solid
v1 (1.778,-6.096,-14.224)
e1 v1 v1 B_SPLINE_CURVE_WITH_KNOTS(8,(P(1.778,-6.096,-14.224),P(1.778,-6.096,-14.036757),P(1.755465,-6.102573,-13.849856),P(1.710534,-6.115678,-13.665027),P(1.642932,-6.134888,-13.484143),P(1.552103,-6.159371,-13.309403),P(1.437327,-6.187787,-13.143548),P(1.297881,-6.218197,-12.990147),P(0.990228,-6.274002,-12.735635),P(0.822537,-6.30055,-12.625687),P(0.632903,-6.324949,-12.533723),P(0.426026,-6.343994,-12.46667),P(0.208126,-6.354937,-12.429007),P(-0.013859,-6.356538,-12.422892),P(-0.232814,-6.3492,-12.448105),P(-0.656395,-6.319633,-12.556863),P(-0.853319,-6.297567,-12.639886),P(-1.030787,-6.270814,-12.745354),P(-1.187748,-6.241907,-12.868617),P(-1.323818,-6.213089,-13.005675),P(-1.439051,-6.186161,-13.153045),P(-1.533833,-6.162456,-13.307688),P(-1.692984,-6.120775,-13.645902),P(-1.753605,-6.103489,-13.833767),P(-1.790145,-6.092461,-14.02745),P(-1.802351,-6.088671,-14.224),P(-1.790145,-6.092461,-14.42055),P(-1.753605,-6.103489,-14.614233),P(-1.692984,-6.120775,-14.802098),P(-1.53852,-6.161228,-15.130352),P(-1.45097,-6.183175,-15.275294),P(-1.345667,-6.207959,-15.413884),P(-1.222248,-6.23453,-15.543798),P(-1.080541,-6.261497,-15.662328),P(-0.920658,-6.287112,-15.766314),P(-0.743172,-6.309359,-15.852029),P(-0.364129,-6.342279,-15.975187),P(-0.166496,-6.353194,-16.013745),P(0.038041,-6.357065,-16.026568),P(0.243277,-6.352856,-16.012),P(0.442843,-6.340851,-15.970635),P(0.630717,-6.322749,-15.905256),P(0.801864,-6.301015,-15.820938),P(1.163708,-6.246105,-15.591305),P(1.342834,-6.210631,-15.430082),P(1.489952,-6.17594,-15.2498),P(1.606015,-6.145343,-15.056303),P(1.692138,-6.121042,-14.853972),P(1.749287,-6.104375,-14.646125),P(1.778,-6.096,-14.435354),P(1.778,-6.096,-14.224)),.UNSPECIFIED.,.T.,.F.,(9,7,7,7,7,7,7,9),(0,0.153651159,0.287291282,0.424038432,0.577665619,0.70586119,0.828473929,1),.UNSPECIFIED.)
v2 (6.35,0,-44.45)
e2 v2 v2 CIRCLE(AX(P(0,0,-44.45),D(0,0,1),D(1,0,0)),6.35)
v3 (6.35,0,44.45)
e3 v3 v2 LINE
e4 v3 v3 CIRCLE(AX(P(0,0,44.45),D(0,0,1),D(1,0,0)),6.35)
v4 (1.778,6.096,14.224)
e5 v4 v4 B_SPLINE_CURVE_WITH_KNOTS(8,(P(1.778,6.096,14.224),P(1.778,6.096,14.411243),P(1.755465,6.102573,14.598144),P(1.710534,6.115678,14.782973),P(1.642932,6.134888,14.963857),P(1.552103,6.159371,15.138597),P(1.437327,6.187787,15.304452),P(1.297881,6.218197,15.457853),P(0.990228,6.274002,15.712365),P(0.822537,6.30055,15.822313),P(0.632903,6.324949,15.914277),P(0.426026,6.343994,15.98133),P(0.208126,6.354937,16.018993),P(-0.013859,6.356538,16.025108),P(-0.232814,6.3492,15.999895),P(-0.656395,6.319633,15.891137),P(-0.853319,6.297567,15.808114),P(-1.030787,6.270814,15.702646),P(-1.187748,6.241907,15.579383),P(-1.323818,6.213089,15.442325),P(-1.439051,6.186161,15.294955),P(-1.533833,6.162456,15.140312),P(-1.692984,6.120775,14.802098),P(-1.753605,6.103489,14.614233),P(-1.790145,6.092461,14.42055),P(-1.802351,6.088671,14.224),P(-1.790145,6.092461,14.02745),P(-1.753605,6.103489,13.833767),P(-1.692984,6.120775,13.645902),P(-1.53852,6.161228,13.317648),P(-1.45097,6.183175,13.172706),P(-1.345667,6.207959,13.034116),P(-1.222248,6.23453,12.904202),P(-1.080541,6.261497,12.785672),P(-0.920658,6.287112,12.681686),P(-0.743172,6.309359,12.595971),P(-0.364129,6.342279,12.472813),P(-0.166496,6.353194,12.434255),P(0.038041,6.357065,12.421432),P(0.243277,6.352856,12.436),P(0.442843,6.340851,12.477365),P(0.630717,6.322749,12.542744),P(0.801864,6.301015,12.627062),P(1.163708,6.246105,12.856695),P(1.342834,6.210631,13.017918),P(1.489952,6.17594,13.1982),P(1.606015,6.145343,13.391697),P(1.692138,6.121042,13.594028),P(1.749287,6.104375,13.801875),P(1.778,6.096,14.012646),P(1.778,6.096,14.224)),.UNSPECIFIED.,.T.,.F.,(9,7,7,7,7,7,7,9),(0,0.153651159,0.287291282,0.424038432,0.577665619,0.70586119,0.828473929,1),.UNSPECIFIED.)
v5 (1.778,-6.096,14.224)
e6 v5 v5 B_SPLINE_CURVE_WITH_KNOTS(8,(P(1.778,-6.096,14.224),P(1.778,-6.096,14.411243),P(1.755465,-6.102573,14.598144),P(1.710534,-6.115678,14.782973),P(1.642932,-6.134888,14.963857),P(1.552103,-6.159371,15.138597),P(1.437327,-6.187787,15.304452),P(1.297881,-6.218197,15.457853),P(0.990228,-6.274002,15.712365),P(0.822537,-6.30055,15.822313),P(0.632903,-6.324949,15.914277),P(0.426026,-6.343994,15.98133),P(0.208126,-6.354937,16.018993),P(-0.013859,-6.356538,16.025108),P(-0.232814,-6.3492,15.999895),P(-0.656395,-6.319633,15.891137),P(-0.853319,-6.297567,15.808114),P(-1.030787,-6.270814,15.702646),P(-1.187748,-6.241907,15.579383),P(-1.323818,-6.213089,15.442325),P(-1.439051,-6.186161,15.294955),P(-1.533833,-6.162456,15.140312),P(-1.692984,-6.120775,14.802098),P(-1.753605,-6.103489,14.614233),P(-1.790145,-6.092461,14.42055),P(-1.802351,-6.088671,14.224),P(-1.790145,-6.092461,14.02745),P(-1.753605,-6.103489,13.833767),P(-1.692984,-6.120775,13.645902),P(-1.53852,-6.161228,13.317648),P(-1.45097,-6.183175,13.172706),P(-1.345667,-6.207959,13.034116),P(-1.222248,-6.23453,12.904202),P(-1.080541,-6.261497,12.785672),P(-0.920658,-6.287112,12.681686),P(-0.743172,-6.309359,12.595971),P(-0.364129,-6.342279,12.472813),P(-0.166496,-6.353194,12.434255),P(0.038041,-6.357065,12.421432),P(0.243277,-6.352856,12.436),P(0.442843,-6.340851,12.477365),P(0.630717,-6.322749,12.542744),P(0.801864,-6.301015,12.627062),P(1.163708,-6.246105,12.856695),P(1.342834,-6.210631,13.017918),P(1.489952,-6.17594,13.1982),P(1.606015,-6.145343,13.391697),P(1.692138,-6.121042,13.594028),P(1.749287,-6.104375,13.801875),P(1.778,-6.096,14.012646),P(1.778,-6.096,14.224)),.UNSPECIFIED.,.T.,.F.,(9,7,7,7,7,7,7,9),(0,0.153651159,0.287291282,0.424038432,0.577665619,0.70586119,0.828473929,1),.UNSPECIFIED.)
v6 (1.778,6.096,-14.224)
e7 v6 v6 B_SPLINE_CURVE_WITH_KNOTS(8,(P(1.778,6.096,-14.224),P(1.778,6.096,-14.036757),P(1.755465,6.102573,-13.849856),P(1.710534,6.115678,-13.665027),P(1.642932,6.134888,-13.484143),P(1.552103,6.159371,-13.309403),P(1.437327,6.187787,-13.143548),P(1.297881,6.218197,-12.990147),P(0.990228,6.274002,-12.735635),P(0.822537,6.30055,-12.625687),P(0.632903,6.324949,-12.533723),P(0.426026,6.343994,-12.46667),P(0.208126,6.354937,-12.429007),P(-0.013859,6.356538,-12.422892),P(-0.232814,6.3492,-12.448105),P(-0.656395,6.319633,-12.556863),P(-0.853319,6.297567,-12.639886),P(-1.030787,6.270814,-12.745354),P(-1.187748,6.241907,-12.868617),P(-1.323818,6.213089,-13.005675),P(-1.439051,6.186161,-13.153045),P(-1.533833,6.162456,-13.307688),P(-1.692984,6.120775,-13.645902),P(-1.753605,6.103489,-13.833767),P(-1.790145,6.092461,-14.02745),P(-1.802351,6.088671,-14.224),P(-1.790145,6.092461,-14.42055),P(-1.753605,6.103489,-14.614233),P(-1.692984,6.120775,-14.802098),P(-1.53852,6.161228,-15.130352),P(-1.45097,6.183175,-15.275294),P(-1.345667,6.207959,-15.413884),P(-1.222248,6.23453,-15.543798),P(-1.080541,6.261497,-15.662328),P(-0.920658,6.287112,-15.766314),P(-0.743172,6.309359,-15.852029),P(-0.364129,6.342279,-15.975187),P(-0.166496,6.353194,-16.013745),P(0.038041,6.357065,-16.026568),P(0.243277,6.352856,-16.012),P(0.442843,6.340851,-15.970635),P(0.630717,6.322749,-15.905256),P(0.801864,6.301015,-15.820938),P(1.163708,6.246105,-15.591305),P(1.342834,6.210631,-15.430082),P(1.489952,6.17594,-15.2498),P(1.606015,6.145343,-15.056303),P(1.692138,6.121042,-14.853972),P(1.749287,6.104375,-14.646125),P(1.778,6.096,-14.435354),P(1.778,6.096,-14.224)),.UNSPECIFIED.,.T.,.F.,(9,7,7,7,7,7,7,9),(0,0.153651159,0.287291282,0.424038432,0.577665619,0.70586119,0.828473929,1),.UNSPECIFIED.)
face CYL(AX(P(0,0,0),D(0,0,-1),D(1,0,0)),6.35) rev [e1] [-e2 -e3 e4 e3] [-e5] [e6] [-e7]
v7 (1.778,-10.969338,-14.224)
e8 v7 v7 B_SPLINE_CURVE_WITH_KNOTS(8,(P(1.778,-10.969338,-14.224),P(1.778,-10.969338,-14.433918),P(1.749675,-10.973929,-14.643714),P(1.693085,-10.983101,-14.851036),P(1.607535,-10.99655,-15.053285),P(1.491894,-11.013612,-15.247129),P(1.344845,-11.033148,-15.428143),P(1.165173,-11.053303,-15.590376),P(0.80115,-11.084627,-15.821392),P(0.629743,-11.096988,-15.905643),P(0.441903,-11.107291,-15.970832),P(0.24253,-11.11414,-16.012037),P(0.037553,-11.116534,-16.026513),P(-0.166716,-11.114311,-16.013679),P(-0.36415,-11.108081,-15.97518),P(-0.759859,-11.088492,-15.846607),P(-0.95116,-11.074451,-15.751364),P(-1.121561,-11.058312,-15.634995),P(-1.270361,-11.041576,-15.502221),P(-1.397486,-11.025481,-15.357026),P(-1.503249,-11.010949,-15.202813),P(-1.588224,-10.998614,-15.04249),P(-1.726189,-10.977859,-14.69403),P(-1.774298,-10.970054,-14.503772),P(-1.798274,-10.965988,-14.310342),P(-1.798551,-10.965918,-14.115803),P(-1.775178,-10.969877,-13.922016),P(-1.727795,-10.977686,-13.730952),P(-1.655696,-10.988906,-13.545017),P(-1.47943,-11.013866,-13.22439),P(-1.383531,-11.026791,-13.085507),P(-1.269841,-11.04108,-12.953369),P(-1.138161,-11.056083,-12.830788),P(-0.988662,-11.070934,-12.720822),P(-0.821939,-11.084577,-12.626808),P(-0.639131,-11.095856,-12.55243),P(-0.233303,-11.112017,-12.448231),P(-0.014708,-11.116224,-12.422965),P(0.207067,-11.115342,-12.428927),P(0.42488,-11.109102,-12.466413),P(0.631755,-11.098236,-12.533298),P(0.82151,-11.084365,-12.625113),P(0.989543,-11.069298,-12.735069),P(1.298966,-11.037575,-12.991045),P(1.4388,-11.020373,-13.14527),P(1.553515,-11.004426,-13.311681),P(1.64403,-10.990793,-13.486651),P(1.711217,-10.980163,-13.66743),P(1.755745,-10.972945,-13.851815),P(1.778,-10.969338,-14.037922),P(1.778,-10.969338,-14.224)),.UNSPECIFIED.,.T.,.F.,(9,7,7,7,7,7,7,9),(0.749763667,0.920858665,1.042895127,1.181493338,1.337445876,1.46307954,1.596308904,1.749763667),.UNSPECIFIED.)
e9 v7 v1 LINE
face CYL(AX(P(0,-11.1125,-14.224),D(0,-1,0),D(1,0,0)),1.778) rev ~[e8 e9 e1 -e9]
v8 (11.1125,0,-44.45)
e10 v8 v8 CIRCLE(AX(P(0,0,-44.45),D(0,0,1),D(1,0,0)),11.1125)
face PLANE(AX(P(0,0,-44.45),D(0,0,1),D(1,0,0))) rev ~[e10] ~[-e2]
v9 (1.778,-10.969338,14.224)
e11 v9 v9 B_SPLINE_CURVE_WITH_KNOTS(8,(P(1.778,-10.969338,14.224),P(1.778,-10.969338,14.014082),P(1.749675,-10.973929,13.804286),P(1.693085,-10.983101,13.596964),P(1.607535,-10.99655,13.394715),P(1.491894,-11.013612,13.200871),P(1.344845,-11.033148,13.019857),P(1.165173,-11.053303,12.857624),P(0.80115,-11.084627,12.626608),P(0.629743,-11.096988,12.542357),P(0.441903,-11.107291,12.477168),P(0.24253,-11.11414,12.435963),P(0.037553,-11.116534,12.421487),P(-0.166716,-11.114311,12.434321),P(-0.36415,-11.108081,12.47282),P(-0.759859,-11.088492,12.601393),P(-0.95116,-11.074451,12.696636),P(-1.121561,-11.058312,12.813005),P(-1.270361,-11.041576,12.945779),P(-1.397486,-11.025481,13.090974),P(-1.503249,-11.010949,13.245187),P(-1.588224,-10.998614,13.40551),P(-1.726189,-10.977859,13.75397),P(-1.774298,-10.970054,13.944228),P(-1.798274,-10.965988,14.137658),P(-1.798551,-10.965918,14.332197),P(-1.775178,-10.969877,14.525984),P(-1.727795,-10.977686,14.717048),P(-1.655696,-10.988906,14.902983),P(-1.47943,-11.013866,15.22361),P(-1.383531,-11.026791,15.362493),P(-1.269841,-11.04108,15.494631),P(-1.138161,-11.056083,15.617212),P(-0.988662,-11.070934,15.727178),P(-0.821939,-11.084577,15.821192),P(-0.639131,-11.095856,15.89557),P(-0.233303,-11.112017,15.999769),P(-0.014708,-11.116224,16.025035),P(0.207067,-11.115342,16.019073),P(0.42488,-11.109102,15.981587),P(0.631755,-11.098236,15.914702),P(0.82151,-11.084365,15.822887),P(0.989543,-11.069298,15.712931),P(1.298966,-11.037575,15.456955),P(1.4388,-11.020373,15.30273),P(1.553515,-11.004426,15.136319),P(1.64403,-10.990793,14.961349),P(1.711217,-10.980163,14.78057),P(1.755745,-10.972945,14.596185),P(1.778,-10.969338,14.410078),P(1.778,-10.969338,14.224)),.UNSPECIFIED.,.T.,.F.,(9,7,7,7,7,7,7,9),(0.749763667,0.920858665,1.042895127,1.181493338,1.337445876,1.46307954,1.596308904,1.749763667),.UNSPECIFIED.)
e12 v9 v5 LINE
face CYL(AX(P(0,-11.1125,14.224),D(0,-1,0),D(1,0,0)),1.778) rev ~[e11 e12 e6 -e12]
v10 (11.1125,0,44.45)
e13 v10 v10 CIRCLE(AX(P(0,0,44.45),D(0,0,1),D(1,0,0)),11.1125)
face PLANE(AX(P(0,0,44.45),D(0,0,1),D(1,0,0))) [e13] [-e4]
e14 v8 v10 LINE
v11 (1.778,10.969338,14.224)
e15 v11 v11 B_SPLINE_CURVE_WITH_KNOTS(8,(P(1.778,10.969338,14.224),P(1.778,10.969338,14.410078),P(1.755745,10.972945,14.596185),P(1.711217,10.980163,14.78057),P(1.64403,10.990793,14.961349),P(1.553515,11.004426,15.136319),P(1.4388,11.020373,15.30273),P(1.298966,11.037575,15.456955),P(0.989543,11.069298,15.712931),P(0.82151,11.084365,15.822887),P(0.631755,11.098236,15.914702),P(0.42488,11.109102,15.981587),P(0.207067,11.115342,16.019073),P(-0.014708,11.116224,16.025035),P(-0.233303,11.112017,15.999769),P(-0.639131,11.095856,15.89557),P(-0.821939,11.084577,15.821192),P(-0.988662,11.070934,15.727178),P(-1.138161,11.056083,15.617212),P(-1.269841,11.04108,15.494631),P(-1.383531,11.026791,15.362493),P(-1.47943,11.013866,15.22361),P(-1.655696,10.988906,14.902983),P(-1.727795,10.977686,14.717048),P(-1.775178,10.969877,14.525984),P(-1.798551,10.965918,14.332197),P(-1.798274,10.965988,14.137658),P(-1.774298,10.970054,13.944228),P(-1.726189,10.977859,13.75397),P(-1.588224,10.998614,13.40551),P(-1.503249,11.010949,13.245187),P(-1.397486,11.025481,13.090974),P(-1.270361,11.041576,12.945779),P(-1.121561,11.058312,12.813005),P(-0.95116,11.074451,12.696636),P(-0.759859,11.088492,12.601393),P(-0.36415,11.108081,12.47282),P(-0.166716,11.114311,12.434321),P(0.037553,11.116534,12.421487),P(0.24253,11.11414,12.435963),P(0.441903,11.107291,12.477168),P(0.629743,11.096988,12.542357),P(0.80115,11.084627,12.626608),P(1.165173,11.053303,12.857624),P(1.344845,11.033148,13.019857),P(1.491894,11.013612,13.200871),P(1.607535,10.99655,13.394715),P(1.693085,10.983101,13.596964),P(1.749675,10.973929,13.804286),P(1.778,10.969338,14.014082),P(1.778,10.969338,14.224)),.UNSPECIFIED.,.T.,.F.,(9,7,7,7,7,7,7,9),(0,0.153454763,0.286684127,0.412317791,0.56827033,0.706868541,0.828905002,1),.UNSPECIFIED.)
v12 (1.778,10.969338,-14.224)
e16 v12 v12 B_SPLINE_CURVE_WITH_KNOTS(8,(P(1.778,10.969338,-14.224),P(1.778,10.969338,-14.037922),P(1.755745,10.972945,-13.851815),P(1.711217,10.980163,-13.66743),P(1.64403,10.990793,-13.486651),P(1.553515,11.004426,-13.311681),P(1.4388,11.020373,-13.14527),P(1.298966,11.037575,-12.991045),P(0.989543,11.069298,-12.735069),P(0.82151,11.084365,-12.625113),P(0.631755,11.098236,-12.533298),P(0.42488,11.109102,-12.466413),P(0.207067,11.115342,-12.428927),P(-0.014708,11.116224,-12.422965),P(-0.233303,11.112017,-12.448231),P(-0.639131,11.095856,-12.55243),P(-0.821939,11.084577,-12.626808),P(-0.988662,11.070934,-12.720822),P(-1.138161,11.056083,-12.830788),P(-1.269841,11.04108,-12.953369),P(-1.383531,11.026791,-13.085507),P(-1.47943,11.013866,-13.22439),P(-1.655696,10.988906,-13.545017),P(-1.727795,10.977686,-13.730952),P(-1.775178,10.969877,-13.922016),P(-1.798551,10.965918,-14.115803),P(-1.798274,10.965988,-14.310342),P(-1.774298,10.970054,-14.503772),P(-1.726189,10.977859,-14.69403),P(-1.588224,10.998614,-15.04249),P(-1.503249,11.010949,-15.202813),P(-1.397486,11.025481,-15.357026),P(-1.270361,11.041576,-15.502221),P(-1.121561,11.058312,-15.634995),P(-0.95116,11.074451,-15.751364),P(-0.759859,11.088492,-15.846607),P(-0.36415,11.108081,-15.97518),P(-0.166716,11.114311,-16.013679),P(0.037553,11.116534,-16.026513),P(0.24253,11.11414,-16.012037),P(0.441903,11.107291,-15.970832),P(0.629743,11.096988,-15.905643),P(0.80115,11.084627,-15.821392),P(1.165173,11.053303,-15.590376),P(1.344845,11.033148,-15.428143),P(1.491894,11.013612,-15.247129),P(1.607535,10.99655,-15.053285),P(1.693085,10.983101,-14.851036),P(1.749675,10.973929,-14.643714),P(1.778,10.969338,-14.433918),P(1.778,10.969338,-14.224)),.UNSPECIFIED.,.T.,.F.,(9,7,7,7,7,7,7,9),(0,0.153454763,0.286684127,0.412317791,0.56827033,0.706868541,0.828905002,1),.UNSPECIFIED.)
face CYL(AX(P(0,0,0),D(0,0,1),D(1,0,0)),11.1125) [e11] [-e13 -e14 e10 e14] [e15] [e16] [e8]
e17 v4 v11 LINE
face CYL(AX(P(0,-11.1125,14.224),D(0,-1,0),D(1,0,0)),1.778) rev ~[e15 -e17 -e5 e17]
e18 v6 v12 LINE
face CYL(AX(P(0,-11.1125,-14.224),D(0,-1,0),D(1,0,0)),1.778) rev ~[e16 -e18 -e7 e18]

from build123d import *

# Parameters (mm, degrees)
F0_R     = 11.1125
F0_R_2   = 6.35
F1_DEPTH = 44.45
F3_R     = 1.778
F4_DEPTH = 22.226


with BuildPart() as f1:
    # F0 (on Top) → F1 (new body, symmetric)
    with BuildSketch(Plane.XY):
        Circle(F0_R)
        Circle(F0_R_2, mode=Mode.SUBTRACT)
    extrude(amount=F1_DEPTH, both=True)

    # F3 (on offset) → F4 (cut, through all)
    with BuildSketch(Plane.XZ.offset(11.1125)):
        with Locations((0, 14.224)):
            Circle(F3_R)
        with Locations((0, -14.224)):
            Circle(F3_R)
    extrude(amount=-F4_DEPTH, mode=Mode.SUBTRACT)


solid = f1.part
